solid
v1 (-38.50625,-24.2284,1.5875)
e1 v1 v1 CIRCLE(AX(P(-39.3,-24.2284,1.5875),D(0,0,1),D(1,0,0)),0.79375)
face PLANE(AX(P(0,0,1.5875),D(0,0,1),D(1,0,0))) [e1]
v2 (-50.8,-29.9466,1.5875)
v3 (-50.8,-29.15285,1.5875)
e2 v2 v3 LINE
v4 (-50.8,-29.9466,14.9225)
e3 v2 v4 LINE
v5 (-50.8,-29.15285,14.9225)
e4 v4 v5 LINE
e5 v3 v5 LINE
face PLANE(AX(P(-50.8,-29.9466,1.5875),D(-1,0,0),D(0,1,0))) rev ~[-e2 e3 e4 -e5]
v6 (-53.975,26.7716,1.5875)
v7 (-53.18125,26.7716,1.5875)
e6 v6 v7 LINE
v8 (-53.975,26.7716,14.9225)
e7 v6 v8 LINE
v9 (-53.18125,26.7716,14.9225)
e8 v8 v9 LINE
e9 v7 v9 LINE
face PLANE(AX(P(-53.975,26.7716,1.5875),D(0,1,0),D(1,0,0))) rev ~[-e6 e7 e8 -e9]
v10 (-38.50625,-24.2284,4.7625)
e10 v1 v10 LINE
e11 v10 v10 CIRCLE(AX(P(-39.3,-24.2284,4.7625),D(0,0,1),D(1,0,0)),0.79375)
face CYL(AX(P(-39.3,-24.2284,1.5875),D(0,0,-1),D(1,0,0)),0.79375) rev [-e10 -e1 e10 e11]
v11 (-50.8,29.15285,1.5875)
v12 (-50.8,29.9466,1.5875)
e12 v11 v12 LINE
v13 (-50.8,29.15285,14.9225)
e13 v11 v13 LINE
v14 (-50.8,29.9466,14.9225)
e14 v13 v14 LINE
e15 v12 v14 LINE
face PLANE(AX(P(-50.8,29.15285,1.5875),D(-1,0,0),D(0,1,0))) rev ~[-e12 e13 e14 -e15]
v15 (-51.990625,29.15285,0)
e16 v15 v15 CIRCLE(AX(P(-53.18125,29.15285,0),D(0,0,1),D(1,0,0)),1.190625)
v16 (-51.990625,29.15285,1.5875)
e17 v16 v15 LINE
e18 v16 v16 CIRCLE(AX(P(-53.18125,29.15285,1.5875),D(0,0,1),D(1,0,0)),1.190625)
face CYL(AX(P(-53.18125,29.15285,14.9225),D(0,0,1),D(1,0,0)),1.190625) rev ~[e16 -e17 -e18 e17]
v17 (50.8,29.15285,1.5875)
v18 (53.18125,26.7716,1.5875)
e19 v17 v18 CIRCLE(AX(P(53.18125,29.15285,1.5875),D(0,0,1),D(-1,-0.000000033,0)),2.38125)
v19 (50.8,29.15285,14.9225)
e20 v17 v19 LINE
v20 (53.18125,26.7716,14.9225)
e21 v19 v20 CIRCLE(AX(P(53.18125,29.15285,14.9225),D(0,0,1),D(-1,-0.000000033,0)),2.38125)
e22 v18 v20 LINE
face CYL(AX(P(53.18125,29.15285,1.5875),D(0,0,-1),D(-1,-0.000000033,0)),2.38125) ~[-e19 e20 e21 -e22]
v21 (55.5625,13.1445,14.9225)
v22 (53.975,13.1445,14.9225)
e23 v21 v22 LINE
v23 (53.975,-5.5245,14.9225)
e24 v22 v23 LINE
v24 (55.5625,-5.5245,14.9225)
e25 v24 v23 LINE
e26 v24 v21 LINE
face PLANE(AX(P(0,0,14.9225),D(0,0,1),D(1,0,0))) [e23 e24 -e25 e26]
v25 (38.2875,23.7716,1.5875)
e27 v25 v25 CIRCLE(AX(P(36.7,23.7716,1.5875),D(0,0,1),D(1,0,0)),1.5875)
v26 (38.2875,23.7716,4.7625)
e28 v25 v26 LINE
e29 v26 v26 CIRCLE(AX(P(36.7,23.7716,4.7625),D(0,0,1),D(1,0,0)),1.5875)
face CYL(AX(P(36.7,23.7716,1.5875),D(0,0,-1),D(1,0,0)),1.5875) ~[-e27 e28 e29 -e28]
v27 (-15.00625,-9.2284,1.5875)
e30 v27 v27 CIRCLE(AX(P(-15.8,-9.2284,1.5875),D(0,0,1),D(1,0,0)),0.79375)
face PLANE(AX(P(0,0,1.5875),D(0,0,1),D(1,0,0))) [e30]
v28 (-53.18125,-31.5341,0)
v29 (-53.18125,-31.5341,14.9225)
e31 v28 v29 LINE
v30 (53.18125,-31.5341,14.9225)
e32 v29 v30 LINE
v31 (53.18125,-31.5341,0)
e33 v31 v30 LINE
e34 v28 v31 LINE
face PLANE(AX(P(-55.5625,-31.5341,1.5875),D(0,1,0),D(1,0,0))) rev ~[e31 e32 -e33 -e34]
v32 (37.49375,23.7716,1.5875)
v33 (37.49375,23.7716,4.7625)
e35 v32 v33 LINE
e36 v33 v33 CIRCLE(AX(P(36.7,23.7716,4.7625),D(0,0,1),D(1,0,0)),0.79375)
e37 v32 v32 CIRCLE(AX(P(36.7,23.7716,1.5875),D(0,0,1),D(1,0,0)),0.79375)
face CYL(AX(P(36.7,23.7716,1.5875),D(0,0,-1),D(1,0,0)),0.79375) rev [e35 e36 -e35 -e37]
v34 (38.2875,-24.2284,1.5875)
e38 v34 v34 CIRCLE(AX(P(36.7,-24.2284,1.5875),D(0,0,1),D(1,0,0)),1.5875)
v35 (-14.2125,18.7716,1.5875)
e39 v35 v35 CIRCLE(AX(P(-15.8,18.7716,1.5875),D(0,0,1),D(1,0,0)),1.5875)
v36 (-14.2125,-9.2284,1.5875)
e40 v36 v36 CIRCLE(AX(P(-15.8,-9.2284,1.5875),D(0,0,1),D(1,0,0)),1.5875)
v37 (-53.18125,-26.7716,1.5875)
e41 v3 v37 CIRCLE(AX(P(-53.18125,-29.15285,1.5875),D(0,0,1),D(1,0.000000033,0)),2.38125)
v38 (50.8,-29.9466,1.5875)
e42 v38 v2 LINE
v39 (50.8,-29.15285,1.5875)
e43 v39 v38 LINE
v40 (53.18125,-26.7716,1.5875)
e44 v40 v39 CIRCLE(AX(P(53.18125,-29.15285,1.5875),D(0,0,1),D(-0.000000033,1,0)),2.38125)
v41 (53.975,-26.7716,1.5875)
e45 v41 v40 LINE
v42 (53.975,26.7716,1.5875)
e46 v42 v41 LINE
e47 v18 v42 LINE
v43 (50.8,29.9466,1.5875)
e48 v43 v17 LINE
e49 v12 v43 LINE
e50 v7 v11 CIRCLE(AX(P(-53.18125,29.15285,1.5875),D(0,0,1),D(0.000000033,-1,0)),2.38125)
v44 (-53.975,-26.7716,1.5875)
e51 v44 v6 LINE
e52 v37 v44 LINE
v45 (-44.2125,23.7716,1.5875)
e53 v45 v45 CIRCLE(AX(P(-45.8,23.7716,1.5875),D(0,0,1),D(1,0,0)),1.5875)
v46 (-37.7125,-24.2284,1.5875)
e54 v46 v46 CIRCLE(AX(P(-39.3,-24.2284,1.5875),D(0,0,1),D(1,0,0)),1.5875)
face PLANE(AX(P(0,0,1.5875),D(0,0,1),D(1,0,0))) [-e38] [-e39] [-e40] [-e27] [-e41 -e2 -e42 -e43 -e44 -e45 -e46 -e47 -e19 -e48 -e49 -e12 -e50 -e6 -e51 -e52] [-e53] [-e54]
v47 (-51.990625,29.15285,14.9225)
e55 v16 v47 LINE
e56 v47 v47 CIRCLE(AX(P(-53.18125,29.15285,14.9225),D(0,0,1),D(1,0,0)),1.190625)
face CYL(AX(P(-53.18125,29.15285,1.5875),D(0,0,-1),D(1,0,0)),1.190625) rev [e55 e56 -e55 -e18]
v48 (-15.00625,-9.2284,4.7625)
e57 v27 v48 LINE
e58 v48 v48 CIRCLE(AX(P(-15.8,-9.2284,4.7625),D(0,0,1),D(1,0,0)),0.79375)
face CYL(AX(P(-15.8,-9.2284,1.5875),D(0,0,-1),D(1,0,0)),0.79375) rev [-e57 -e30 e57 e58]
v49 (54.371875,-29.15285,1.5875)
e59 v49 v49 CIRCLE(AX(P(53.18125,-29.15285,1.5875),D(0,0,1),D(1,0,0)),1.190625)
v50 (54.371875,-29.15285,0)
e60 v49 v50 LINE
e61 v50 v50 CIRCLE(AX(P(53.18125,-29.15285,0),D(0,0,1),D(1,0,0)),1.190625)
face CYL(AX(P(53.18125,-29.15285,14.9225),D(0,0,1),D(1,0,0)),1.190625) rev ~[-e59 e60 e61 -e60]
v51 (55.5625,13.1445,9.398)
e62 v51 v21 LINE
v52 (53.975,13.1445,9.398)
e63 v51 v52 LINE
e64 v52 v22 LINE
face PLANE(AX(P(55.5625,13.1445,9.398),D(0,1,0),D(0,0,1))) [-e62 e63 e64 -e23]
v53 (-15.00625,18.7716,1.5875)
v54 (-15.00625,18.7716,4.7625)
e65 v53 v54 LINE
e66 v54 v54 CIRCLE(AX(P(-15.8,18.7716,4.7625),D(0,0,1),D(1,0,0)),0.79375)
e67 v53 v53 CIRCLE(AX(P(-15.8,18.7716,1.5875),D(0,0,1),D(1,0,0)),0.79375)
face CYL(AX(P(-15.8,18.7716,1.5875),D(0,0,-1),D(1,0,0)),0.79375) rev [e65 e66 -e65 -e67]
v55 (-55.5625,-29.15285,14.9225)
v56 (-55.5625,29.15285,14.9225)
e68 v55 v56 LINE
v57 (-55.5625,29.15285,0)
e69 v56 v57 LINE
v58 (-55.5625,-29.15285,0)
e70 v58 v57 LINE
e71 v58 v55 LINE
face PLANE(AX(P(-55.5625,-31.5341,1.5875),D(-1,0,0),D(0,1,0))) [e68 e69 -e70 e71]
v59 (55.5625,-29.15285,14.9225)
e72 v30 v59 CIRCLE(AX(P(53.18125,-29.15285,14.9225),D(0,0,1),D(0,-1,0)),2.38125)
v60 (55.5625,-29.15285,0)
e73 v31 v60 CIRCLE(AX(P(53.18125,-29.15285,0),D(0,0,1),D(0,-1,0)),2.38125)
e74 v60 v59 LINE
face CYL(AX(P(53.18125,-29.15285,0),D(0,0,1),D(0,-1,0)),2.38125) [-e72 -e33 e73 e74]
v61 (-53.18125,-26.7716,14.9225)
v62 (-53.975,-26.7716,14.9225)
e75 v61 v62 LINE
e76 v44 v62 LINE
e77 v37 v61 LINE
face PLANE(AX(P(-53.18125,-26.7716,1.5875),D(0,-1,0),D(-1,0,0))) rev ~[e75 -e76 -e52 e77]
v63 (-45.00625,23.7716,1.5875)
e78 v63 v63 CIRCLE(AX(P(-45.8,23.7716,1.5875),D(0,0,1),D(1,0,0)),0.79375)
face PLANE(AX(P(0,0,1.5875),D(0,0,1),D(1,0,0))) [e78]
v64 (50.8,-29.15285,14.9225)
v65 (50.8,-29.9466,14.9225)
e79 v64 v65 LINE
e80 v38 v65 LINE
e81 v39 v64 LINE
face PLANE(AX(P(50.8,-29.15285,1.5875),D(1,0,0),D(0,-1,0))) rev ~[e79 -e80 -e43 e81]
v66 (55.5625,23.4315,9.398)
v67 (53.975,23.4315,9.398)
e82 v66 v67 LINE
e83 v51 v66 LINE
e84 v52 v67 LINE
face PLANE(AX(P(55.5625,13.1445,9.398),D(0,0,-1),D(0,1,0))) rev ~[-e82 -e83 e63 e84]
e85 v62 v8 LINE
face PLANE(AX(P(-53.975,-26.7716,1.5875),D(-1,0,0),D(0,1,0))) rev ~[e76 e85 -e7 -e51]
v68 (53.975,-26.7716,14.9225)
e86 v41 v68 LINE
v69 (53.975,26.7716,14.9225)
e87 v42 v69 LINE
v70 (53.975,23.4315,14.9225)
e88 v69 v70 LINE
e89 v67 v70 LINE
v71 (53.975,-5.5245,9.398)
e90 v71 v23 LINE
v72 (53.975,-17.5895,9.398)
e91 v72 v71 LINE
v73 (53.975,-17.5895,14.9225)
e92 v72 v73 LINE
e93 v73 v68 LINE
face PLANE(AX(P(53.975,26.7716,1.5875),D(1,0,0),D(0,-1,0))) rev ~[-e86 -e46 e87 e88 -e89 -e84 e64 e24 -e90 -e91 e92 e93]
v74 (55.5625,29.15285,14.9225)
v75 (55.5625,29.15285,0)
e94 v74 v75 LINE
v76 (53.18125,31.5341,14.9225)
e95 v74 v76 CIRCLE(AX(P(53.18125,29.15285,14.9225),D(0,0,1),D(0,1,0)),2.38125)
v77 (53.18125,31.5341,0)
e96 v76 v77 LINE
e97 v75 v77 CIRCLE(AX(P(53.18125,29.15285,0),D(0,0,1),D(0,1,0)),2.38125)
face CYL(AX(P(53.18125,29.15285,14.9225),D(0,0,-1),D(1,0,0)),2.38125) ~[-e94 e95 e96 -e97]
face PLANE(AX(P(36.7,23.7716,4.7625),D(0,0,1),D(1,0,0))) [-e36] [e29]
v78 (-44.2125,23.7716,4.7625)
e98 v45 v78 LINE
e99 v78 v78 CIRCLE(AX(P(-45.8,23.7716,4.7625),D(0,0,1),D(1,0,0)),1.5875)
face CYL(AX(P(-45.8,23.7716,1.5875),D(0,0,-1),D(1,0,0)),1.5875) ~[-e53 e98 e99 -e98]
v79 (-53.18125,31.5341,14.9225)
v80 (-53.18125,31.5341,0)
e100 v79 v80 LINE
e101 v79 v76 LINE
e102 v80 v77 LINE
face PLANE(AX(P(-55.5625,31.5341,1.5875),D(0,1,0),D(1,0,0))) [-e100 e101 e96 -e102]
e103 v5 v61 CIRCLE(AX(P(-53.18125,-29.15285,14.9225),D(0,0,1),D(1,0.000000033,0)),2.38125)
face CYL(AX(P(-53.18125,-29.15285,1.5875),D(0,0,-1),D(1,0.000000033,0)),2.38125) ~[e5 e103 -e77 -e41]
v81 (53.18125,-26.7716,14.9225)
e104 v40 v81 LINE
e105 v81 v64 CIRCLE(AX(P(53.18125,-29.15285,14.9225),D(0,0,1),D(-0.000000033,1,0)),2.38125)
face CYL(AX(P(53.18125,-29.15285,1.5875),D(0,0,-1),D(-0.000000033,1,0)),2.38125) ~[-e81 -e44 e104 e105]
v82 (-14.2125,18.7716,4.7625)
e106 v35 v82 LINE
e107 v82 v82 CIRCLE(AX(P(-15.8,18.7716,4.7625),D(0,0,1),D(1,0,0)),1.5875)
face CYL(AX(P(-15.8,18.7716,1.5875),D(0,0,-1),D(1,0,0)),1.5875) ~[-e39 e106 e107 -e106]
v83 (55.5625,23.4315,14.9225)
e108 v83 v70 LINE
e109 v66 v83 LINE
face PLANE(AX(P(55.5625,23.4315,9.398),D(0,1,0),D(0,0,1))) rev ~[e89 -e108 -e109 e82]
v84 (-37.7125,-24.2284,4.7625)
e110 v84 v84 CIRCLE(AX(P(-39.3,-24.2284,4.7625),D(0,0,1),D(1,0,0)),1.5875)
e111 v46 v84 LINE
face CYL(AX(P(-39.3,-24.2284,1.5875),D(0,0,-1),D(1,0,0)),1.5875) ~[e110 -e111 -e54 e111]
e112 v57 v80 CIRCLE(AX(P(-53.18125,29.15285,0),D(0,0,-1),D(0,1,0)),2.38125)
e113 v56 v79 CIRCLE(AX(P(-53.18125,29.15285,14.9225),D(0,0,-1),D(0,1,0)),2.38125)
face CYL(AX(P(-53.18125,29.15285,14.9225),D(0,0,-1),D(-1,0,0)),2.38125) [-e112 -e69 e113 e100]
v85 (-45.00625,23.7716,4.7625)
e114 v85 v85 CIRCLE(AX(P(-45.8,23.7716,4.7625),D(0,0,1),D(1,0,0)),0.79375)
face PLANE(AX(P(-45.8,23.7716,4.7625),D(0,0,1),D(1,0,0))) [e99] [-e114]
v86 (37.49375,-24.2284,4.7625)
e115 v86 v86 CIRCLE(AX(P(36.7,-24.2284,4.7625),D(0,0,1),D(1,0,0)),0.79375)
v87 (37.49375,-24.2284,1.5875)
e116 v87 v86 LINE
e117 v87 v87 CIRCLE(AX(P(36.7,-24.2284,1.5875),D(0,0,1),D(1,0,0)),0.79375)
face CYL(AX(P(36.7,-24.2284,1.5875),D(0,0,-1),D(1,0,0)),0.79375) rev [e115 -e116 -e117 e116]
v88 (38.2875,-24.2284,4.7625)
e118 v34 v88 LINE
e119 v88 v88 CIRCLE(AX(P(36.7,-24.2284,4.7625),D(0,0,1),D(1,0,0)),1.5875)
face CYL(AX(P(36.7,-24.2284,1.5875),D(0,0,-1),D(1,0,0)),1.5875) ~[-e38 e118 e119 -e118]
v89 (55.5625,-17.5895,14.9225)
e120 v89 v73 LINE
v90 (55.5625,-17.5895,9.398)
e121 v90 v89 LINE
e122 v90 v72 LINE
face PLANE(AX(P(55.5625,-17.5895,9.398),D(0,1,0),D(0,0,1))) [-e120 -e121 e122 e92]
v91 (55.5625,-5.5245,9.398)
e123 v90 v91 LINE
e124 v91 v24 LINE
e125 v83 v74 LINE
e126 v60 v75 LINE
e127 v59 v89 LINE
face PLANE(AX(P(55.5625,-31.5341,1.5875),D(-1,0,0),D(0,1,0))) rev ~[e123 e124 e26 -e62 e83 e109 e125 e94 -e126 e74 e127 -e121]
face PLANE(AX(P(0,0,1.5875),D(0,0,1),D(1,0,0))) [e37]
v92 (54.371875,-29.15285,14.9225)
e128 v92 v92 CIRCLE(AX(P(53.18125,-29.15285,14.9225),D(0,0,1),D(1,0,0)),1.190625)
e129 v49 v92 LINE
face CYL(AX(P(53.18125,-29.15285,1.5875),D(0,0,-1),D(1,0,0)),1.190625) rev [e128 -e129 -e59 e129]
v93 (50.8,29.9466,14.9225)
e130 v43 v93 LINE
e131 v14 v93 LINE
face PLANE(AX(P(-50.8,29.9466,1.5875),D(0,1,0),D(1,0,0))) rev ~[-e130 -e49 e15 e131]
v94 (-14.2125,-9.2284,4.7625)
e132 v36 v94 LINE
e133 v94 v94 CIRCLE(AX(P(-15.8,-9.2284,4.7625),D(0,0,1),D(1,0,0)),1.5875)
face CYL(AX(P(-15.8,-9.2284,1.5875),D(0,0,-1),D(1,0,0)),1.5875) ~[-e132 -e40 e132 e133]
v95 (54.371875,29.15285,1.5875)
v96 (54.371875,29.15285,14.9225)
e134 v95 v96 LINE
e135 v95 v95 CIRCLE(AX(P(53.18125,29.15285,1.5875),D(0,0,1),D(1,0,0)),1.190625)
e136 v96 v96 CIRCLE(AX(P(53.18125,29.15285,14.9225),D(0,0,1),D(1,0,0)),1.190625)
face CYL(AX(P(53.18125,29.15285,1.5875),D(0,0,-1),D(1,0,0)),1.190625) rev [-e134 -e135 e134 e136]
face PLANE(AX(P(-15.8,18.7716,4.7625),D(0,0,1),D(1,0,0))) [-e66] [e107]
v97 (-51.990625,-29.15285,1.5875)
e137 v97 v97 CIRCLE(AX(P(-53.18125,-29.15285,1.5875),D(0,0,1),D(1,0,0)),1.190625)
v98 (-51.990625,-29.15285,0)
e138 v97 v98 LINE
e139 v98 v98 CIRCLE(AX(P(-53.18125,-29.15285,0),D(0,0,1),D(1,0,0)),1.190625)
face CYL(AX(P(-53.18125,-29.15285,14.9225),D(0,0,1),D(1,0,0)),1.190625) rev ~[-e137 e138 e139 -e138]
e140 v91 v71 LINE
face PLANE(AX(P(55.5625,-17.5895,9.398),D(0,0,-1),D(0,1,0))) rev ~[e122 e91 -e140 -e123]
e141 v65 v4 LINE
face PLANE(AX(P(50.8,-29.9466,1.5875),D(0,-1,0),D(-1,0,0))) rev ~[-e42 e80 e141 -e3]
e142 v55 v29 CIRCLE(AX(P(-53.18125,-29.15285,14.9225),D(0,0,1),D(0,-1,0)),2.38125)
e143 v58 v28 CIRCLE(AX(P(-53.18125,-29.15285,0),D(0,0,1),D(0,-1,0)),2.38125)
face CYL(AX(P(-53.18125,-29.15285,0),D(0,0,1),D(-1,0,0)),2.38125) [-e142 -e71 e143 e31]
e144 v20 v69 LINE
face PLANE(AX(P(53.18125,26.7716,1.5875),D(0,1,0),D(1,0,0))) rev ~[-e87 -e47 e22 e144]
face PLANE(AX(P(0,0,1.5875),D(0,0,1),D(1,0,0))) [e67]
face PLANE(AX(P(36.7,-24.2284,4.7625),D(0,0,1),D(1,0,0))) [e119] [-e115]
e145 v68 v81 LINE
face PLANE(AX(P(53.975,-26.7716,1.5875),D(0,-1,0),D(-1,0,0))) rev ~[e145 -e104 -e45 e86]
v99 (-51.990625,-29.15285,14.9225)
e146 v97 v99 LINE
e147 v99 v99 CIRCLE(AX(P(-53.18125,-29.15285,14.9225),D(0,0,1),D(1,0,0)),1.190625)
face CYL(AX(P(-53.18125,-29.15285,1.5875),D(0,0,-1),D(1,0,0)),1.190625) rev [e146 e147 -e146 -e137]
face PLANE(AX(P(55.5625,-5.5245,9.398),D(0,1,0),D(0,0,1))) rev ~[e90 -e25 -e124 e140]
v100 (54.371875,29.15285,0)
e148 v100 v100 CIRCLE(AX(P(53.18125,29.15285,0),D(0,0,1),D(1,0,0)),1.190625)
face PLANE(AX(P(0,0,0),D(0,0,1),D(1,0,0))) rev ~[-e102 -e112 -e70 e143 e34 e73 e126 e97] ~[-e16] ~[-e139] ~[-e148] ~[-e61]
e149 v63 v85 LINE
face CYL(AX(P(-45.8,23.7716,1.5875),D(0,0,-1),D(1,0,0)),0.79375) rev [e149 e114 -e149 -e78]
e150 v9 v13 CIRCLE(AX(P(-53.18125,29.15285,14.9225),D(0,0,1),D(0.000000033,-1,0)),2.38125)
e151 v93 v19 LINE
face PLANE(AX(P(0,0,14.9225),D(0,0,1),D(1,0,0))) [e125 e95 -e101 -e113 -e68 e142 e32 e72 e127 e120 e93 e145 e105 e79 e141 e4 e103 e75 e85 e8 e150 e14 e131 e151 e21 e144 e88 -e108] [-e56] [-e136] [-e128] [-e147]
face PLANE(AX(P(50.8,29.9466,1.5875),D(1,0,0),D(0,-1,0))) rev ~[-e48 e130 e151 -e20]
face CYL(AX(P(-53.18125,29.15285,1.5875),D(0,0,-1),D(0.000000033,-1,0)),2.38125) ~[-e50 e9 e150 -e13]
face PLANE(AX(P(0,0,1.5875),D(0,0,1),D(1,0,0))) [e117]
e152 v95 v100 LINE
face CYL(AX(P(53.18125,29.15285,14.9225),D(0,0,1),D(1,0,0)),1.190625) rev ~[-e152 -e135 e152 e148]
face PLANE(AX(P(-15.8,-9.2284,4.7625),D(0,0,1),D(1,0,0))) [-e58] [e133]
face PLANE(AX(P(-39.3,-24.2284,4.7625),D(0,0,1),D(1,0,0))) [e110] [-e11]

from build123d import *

# Parameters (mm, degrees)
F1_W      = 111.125
F1_H      = 63.0682
F2_DEPTH  = 1.5875
F3_W      = 111.125
F3_H      = 63.0682
F3_R      = 1.190625
F4_DEPTH  = 13.335
F5_R      = 2.38125
F6_W      = 12.065
F6_H      = 5.5245
F6_W_2    = 10.287
F7_DEPTH  = 1.5875
F8_R      = 1.5875
F8_R_2    = 0.79375
F9_DEPTH  = 3.175
F10_R     = 1.190625
F11_DEPTH = 14.9235


with BuildPart() as f2:
    # F1 (on Top) → F2 (new body)
    with BuildSketch(Plane.XY):
        Rectangle(F1_W, F1_H)
    extrude(amount=F2_DEPTH)

    # F3 (on face) → F4 (join)
    with BuildSketch(Plane.XY.offset(1.5875)):
        Rectangle(F3_W, F3_H)
        with Locations((-53.18125, -29.15285)):
            Circle(F3_R, mode=Mode.SUBTRACT)
        with Locations((53.18125, -29.15285)):
            Circle(F3_R, mode=Mode.SUBTRACT)
        with BuildLine():
            Line((53.18125, 26.7716), (53.975, 26.7716))
            Line((53.975, 26.7716), (53.975, -26.7716))
            Line((53.975, -26.7716), (53.18125, -26.7716))
            ThreePointArc((53.18125, -26.7716), (51.497452, -27.469052), (50.8, -29.15285))
            Line((50.8, -29.15285), (50.8, -29.9466))
            Line((50.8, -29.9466), (-50.8, -29.9466))
            Line((-50.8, -29.9466), (-50.8, -29.15285))
            ThreePointArc((-50.8, -29.15285), (-51.497452, -27.469052), (-53.18125, -26.7716))
            Line((-53.18125, -26.7716), (-53.975, -26.7716))
            Line((-53.975, -26.7716), (-53.975, 26.7716))
            Line((-53.975, 26.7716), (-53.18125, 26.7716))
            ThreePointArc((-53.18125, 26.7716), (-51.497452, 27.469052), (-50.8, 29.15285))
            Line((-50.8, 29.15285), (-50.8, 29.9466))
            Line((-50.8, 29.9466), (50.8, 29.9466))
            Line((50.8, 29.9466), (50.8, 29.15285))
            ThreePointArc((50.8, 29.15285), (51.497452, 27.469052), (53.18125, 26.7716))
        make_face(mode=Mode.SUBTRACT)
        with Locations((-53.18125, 29.15285)):
            Circle(F3_R, mode=Mode.SUBTRACT)
        with Locations((53.18125, 29.15285)):
            Circle(F3_R, mode=Mode.SUBTRACT)
    extrude(amount=F4_DEPTH)

    # F5
    f5_edges = [f2.edges().sort_by_distance(p)[0] for p in [
        (55.5625, -31.5341, 7.46125),
        (55.5625, 31.5341, 7.46125),
        (-55.5625, -31.5341, 7.46125),
        (-55.5625, 31.5341, 7.46125),
    ]]
    fillet(f5_edges, radius=F5_R)

    # F6 (on face) → F7 (cut, through all)
    with BuildSketch(Plane.YZ.offset(55.5625)):
        with Locations((-11.557, 12.16025)):
            Rectangle(F6_W, F6_H)
        with Locations((18.288, 12.16025)):
            Rectangle(F6_W_2, F6_H)
    extrude(amount=-F7_DEPTH, mode=Mode.SUBTRACT)

    # F8 (on face) → F9 (join)
    with BuildSketch(Plane.XY.offset(1.5875)):
        with Locations((-45.8, 23.7716)):
            Circle(F8_R)
        with Locations((-45.8, 23.7716)):
            Circle(F8_R_2, mode=Mode.SUBTRACT)
        with Locations((-39.3, -24.2284)):
            Circle(F8_R)
        with Locations((-39.3, -24.2284)):
            Circle(F8_R_2, mode=Mode.SUBTRACT)
        with Locations((-15.8, 18.7716)):
            Circle(F8_R)
        with Locations((-15.8, 18.7716)):
            Circle(F8_R_2, mode=Mode.SUBTRACT)
        with Locations((-15.8, -9.2284)):
            Circle(F8_R)
        with Locations((-15.8, -9.2284)):
            Circle(F8_R_2, mode=Mode.SUBTRACT)
        with Locations((36.7, 23.7716)):
            Circle(F8_R)
        with Locations((36.7, 23.7716)):
            Circle(F8_R_2, mode=Mode.SUBTRACT)
        with Locations((36.7, -24.2284)):
            Circle(F8_R)
        with Locations((36.7, -24.2284)):
            Circle(F8_R_2, mode=Mode.SUBTRACT)
    extrude(amount=F9_DEPTH)

    # F10 (on face) → F11 (cut, through all)
    with BuildSketch(Plane.XY.offset(14.9225)):
        with Locations((-53.18125, 29.15285)):
            Circle(F10_R)
        with Locations((-53.18125, -29.15285)):
            Circle(F10_R)
        with Locations((53.18125, -29.15285)):
            Circle(F10_R)
        with Locations((53.18125, 29.15285)):
            Circle(F10_R)
    extrude(amount=-F11_DEPTH, mode=Mode.SUBTRACT)


solid = f2.part
